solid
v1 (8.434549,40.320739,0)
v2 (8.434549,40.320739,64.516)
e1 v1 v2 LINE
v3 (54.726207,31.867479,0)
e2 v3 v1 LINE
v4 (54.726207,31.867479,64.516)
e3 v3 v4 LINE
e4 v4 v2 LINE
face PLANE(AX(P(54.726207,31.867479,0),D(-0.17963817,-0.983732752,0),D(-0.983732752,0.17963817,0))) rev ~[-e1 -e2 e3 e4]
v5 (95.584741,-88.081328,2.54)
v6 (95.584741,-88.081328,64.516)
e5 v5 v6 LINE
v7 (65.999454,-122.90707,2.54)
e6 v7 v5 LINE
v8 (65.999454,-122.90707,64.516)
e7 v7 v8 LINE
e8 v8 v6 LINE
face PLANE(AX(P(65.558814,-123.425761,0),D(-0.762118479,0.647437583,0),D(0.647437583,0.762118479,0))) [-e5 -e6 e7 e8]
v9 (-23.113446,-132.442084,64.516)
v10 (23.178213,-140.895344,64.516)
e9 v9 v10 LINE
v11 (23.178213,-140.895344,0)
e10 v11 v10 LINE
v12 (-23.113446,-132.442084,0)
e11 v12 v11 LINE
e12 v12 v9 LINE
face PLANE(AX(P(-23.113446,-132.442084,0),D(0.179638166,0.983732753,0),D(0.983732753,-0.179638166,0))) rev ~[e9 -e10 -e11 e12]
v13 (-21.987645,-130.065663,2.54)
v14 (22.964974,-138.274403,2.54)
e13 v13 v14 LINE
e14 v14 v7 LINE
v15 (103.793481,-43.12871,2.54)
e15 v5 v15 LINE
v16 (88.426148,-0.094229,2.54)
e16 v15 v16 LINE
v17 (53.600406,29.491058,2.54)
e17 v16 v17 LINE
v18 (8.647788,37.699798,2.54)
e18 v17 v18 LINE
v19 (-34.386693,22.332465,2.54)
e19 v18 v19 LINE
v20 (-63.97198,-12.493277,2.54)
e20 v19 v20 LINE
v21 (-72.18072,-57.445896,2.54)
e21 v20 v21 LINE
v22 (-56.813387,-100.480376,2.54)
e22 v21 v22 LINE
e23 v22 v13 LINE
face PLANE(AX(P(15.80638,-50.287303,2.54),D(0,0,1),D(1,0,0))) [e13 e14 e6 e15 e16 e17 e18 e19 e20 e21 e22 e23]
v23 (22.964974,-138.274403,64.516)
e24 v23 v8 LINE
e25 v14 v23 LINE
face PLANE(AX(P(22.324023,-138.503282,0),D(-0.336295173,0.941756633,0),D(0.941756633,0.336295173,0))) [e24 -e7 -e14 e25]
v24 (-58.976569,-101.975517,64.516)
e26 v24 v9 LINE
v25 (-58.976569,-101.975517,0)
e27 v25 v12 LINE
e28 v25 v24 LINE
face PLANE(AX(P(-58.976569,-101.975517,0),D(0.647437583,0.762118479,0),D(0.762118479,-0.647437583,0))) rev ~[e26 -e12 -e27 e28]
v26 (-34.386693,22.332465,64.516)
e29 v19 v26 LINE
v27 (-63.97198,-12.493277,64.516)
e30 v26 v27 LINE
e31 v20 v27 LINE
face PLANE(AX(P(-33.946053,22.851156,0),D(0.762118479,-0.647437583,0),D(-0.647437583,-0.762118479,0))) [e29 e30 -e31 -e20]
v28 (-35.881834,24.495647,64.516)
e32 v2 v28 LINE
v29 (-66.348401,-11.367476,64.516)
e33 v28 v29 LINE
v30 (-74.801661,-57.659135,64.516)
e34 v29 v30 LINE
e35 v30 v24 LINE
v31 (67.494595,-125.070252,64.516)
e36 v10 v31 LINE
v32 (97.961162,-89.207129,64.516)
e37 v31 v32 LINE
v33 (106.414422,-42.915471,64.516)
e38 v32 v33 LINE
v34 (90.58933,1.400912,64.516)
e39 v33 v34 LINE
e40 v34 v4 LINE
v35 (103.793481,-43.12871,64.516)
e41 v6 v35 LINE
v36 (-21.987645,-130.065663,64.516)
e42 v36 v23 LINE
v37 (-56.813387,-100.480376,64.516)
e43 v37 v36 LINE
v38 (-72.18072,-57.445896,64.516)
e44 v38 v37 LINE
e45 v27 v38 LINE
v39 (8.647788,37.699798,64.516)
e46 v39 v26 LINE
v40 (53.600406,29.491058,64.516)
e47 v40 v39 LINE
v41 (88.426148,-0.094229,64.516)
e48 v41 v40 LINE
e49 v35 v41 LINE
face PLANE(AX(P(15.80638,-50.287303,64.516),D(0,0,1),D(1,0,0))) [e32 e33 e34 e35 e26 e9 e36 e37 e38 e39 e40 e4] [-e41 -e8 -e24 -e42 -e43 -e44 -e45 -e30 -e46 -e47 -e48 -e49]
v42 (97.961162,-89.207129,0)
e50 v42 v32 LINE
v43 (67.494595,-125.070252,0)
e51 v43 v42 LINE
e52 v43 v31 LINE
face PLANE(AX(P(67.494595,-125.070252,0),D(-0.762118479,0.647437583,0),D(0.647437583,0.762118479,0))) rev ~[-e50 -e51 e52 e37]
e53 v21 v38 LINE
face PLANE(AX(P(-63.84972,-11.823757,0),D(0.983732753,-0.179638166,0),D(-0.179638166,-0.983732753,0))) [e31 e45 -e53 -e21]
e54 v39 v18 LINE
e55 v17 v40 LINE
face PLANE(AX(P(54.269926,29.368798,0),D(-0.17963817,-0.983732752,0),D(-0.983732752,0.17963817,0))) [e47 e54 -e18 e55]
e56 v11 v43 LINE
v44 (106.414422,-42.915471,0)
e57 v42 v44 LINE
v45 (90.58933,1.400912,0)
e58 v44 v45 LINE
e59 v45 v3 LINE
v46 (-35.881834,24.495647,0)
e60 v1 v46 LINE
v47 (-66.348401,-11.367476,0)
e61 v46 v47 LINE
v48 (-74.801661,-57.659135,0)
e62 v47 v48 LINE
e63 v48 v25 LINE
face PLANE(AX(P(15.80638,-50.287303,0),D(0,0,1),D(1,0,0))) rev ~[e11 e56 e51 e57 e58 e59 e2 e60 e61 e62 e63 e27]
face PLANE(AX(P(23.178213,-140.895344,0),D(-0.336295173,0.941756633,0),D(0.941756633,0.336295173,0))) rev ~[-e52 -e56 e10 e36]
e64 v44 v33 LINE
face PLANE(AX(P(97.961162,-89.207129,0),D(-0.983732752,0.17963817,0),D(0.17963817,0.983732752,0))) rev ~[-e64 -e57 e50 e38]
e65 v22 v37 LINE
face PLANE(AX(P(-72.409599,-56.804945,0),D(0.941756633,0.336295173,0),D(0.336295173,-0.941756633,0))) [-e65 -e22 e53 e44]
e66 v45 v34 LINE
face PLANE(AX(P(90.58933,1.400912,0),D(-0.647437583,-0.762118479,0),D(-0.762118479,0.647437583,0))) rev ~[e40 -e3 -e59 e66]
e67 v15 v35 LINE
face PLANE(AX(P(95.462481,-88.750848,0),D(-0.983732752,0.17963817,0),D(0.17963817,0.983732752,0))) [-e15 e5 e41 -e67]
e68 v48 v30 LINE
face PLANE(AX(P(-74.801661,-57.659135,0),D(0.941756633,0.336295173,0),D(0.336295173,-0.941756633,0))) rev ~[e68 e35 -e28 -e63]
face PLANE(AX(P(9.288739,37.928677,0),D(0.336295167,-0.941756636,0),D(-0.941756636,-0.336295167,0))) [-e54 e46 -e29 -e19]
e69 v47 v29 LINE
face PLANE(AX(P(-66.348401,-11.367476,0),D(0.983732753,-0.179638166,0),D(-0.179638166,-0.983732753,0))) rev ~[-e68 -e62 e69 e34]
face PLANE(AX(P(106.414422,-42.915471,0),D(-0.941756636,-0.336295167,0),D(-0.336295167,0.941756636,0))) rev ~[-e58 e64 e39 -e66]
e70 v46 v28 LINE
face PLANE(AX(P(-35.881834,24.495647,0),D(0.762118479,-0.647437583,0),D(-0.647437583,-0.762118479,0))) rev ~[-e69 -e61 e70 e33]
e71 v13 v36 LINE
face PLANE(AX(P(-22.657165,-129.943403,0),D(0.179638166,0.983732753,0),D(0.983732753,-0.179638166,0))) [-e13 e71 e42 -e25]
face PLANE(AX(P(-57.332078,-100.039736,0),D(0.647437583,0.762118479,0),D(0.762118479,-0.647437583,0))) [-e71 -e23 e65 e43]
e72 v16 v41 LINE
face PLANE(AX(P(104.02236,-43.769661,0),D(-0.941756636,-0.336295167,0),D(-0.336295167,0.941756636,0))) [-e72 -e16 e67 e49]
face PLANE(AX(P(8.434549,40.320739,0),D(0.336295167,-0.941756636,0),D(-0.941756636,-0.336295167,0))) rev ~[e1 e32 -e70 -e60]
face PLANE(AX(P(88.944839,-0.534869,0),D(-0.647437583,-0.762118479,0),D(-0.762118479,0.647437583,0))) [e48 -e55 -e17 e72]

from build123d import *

# Parameters (mm, degrees)
F1_DEPTH = 64.516
F2_T     = -2.54


with BuildPart() as f1:
    # F0 (on Top) → F1 (new body)
    with BuildSketch(Plane.XY):
        Polygon((8.434549, 40.320739), (-35.881834, 24.495647), (-66.348401, -11.367476), (-74.801661, -57.659135), (-58.976569, -101.975517), (-23.113446, -132.442084), (23.178213, -140.895344), (67.494595, -125.070252), (97.961162, -89.207129), (106.414422, -42.915471), (90.58933, 1.400912), (54.726207, 31.867479), align=None)
    extrude(amount=F1_DEPTH)

    # F2
    f2_openings = [f1.faces().sort_by_distance(p)[0] for p in [
        (15.806381, -50.287303, 64.516),
    ]]
    offset(amount=F2_T, openings=f2_openings)


solid = f1.part
